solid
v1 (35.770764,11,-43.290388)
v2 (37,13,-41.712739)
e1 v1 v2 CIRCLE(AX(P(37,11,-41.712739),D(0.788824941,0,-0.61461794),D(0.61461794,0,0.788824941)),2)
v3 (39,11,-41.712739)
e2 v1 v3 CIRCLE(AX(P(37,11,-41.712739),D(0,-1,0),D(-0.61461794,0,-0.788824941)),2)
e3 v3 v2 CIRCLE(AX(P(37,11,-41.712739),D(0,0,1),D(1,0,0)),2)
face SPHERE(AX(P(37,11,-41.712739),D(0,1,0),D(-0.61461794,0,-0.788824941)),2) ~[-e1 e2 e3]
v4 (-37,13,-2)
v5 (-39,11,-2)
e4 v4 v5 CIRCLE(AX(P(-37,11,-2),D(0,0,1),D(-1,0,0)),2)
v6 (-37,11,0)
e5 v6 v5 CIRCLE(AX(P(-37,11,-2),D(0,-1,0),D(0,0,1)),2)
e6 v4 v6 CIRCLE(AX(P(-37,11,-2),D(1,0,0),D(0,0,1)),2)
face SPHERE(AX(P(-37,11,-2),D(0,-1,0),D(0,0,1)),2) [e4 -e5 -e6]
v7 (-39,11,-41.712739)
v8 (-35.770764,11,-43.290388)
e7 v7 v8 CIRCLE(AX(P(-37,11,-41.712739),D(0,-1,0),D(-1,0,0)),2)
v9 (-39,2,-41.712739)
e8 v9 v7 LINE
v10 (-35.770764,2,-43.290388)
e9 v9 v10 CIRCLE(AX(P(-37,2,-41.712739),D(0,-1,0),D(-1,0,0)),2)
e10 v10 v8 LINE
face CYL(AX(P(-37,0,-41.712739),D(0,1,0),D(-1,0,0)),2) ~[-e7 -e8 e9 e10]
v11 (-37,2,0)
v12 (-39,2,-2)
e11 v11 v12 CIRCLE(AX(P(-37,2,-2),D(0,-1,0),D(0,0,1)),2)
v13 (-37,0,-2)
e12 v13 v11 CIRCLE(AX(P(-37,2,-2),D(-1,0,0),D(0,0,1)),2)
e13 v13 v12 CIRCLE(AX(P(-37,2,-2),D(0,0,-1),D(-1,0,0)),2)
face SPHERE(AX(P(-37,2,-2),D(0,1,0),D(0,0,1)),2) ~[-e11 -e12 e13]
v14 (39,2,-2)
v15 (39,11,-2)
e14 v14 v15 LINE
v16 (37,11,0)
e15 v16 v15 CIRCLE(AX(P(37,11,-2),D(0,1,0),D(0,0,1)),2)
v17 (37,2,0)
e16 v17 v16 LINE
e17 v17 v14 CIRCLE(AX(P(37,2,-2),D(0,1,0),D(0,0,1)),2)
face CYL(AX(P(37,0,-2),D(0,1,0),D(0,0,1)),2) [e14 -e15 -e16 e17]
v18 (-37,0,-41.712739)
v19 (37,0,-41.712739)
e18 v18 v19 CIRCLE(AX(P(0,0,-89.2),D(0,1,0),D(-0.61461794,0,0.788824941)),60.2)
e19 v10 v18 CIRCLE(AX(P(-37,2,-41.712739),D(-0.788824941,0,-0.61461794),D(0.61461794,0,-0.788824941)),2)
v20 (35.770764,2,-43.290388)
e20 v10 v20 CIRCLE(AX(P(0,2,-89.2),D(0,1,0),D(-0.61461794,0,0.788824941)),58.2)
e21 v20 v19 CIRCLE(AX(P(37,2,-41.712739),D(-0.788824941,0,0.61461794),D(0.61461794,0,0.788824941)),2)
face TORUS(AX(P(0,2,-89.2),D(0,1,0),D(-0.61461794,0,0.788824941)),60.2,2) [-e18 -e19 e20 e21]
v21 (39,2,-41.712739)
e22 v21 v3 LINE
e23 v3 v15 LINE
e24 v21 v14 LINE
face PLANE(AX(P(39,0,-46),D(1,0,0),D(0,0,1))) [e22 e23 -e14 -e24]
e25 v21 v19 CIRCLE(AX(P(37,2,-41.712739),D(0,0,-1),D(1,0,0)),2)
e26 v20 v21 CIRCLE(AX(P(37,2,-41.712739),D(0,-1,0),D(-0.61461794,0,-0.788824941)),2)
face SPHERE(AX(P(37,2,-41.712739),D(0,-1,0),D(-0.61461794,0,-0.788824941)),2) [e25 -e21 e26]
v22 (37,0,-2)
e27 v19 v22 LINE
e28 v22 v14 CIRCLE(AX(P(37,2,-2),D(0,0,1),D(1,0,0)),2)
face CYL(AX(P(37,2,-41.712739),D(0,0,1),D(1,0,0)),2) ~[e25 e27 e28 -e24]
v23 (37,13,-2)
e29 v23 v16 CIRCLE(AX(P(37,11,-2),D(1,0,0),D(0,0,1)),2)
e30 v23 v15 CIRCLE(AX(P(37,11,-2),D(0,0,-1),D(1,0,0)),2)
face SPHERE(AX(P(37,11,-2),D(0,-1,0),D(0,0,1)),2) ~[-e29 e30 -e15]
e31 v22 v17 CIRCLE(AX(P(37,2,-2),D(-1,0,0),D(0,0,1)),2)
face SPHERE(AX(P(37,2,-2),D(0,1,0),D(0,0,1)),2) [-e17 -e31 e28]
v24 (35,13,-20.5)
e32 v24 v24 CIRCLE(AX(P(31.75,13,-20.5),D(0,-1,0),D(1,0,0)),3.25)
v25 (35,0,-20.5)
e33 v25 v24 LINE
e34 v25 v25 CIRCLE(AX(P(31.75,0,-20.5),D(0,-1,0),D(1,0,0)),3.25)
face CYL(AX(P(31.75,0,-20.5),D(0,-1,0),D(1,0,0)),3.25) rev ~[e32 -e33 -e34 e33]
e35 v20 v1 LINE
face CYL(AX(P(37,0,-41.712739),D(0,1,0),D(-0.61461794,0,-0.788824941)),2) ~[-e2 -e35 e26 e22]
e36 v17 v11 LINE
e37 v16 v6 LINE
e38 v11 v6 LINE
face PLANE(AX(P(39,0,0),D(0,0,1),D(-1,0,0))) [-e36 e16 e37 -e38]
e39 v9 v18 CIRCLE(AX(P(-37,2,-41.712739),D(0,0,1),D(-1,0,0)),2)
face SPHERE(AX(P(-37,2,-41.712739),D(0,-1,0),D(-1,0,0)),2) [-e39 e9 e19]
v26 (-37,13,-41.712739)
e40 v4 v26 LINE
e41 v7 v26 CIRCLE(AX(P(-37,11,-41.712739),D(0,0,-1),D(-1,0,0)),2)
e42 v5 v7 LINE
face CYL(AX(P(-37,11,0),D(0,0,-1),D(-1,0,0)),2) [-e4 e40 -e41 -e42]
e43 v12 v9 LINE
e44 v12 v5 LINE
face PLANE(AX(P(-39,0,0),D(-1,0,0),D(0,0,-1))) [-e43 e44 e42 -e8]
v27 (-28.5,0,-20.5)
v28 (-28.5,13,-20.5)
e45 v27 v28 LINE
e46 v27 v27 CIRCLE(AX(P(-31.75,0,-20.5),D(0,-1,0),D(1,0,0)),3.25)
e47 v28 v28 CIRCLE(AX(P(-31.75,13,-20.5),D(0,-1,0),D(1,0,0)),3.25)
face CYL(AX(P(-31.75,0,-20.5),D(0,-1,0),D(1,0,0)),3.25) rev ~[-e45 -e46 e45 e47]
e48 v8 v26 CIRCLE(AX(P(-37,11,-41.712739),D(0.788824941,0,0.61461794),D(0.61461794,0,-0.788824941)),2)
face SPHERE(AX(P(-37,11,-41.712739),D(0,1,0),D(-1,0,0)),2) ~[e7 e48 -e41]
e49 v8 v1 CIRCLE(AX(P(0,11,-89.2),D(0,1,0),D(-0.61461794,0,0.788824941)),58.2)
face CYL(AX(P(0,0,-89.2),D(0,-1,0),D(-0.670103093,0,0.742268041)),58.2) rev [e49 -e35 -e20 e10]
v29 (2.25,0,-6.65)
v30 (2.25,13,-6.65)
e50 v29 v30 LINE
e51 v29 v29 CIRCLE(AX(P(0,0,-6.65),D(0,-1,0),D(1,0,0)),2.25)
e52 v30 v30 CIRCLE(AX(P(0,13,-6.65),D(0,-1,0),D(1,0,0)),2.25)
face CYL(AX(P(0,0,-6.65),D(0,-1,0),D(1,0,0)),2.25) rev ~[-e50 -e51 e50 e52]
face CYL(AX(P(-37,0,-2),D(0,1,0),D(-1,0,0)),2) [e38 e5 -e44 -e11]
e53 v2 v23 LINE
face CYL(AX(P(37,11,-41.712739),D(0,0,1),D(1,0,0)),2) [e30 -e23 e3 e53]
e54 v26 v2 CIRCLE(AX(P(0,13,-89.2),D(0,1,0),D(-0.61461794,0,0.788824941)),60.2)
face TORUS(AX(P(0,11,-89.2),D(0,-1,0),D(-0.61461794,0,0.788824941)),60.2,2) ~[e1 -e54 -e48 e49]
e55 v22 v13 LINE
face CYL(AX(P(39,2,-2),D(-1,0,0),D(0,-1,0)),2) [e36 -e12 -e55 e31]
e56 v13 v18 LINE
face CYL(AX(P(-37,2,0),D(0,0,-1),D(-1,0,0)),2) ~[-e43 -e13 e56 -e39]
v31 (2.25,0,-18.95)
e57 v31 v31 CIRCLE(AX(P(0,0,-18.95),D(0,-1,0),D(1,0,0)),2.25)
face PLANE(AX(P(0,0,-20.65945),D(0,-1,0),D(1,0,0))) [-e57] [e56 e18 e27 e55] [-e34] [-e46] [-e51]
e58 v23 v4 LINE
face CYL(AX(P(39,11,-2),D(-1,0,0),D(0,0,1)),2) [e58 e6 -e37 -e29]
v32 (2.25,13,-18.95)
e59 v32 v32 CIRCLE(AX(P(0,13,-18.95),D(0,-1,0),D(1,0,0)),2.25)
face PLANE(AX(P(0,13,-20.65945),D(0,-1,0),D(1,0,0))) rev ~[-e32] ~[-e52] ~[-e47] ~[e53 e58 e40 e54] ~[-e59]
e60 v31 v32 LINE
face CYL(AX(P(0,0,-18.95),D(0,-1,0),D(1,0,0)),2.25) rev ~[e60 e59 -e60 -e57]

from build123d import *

# Parameters (mm, degrees)
F0_R     = 3.25
F0_R_2   = 2.25
F1_DEPTH = 13
F2_R     = 2
F3_R     = 2


with BuildPart() as f1:
    # F0 (on Front) → F1 (new body)
    with BuildSketch(Plane.XZ):
        with BuildLine():
            Line((-39, 0), (-39, -46))
            ThreePointArc((-39, -46), (0, -31), (39, -46))
            Line((39, -46), (39, 0))
            Line((39, 0), (-39, 0))
        make_face()
        with Locations((-31.75, -20.5)):
            Circle(F0_R, mode=Mode.SUBTRACT)
        with Locations((0, -18.95)):
            Circle(F0_R_2, mode=Mode.SUBTRACT)
        with Locations((31.75, -20.5)):
            Circle(F0_R, mode=Mode.SUBTRACT)
        with Locations((0, -6.65)):
            Circle(F0_R_2, mode=Mode.SUBTRACT)
    extrude(amount=-F1_DEPTH)

    # F2
    f2_edges = [f1.edges().sort_by_distance(p)[0] for p in [
        (-39, 6.5, -46),
        (39, 6.5, -46),
    ]]
    fillet(f2_edges, radius=F2_R)

    # F3
    f3_edges = [f1.edges().sort_by_distance(p)[0] for p in [
        (-39, 6.5, 0),
        (39, 6.5, 0),
        (0, 0, 0),
        (0, 13, 0),
        (-39, 0, -20.856369),
        (-39, 6.5, -41.712739),
        (-39, 13, -20.856369),
    ]]
    fillet(f3_edges, radius=F3_R)


solid = f1.part
